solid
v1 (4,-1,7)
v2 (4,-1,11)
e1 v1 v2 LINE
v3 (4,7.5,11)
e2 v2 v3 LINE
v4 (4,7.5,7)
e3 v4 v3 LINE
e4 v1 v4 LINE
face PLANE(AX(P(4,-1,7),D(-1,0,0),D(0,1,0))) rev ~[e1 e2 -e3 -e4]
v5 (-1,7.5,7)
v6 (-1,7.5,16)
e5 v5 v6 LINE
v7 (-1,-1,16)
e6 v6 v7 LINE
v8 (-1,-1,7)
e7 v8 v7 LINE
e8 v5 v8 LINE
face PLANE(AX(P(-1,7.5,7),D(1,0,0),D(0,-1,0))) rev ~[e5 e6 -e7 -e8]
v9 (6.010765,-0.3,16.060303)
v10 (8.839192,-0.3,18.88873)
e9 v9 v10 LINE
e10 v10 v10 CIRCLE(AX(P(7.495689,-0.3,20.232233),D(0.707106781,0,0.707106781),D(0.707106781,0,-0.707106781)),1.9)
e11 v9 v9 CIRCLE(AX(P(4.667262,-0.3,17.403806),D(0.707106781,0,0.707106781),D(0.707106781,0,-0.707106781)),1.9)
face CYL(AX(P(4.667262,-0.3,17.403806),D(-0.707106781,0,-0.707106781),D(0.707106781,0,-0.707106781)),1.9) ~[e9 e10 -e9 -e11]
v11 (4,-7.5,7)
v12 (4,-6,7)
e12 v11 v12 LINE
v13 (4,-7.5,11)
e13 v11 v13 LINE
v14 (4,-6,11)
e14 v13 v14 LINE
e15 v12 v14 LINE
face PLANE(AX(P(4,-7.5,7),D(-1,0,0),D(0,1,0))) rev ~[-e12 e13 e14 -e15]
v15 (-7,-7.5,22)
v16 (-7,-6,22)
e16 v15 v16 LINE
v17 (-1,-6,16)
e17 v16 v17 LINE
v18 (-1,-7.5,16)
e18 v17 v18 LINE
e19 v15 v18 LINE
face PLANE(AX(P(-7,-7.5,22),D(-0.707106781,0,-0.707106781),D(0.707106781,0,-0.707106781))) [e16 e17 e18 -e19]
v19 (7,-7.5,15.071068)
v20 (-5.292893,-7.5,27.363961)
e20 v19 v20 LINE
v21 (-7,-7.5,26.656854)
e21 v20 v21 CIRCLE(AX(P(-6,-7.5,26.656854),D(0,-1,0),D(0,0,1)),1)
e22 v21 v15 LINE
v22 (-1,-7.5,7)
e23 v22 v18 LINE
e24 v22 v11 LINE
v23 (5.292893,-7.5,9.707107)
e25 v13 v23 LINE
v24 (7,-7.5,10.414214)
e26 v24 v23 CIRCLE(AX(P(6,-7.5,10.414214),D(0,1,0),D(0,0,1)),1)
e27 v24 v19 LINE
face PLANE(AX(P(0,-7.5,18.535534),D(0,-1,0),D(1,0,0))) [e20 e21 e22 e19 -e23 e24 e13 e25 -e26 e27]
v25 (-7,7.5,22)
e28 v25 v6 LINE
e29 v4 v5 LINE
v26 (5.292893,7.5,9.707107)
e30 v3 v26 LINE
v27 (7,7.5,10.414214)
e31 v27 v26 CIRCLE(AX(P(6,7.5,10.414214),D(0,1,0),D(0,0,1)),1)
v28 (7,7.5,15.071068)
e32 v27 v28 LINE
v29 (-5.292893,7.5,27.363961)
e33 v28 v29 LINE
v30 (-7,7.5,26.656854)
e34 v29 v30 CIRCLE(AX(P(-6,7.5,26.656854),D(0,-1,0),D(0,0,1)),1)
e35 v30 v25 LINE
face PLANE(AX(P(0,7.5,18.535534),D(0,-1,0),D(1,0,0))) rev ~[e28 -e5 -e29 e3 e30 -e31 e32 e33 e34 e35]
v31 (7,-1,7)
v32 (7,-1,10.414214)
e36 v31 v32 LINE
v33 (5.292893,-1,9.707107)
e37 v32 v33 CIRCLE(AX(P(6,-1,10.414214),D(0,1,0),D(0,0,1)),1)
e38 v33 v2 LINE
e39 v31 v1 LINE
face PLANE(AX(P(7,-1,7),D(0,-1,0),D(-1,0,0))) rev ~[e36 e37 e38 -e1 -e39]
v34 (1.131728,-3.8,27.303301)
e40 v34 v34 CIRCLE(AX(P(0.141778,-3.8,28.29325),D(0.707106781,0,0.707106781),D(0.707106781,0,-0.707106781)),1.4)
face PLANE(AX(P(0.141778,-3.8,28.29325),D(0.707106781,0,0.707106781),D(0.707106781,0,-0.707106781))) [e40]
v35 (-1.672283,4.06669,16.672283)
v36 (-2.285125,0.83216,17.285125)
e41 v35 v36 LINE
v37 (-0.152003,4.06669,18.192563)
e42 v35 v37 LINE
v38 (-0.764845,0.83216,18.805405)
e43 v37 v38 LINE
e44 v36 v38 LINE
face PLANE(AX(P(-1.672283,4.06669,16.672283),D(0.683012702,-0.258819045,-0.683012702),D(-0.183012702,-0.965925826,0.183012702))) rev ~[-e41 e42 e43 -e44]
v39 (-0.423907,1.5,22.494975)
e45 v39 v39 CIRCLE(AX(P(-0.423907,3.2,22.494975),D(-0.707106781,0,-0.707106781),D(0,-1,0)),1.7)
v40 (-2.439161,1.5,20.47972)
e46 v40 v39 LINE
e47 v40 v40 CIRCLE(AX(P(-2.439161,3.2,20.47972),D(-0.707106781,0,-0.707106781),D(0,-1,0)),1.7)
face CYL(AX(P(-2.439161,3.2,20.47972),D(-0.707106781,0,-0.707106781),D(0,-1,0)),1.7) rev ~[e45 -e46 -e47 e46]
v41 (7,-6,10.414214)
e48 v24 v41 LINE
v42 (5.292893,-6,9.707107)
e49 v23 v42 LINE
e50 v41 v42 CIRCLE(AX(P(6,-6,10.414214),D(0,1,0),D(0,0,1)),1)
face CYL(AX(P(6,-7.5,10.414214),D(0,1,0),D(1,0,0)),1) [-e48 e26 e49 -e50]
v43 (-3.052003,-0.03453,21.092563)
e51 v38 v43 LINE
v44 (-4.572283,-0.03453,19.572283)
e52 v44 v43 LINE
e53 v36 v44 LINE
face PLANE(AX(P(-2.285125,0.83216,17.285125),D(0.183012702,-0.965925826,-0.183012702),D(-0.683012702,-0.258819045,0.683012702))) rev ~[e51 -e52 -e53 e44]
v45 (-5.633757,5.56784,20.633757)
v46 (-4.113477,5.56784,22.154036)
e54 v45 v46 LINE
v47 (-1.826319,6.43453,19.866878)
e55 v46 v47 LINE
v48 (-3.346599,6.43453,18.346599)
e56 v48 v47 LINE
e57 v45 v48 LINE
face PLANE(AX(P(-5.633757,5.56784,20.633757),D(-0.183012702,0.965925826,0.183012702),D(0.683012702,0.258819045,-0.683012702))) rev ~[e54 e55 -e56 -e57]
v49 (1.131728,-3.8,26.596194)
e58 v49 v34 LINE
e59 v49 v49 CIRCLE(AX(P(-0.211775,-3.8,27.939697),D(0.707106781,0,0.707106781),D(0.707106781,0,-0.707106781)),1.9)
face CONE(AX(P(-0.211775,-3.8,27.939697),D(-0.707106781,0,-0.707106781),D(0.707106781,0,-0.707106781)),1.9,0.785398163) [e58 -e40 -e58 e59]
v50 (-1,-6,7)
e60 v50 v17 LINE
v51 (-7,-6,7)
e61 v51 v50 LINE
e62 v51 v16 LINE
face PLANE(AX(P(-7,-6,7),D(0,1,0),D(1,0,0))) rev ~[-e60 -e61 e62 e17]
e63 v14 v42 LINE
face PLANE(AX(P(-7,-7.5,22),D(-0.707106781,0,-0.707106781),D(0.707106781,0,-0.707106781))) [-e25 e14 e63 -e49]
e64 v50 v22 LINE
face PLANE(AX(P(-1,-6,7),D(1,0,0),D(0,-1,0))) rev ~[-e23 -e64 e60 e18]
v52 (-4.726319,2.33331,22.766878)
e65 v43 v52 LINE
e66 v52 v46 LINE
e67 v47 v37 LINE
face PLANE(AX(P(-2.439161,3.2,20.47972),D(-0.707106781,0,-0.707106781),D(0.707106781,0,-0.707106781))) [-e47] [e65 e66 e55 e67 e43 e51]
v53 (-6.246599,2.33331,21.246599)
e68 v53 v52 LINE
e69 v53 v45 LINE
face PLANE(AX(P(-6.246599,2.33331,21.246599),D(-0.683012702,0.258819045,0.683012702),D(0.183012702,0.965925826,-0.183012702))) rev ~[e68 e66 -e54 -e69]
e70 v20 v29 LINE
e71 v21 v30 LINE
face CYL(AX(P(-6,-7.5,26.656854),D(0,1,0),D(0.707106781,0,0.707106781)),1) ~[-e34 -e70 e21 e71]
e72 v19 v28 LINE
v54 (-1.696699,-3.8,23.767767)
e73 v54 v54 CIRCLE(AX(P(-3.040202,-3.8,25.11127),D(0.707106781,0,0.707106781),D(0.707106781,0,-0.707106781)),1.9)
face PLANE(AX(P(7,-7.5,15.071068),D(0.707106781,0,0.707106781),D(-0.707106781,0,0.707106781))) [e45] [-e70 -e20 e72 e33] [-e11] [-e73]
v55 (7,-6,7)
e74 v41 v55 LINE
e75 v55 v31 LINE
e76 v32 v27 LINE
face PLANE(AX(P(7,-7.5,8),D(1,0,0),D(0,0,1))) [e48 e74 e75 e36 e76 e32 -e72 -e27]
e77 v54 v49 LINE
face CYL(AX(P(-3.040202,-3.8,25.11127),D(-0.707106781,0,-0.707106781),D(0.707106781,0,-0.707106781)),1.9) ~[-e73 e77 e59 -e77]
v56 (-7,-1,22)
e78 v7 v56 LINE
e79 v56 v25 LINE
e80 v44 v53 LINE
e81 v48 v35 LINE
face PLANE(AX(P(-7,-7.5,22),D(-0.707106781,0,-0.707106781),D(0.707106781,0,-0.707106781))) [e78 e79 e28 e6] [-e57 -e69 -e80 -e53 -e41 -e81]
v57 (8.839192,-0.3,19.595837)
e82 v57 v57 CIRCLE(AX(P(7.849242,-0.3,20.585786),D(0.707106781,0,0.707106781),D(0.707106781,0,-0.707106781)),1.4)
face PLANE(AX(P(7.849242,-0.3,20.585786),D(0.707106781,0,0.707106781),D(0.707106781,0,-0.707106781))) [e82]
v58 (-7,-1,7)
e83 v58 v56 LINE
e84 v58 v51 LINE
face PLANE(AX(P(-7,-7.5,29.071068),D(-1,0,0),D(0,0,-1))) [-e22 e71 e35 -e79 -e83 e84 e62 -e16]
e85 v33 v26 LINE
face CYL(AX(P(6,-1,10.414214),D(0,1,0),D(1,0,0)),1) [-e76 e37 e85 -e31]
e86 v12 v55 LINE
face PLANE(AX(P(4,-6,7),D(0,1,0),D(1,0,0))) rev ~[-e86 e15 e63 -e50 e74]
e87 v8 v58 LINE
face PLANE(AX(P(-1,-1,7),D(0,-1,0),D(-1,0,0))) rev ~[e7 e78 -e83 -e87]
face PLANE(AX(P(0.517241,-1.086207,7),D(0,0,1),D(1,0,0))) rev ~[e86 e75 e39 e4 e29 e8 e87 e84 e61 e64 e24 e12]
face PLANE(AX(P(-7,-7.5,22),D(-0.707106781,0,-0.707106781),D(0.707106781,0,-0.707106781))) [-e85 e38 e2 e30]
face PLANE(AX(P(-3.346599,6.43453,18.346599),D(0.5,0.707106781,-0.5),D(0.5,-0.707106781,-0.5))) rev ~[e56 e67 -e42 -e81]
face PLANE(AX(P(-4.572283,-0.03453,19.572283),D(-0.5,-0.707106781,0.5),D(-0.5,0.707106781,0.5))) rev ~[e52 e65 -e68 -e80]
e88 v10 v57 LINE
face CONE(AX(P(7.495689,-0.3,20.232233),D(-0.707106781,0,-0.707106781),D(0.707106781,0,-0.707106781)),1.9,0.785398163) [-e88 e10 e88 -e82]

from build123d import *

# Parameters (mm, degrees)
PAD001_START         = 10
PAD001_DEPTH         = 15
POCKET004_DEPTH      = 7.501
POCKET004_DEPTH_BACK = 7.501
PAD002_DEPTH         = 15
POCKET005_DEPTH      = 2.15
SKETCH011_R          = 1.7
HOLE001_DEPTH        = 12.7504949366
SKETCH012_R          = 1.9
PAD003_DEPTH         = 4.5
CHAMFER_SIZE         = 0.5
FILLET001_R          = 1


with BuildPart() as part:
    # Sketch007 → Pad001 (new body)
    with BuildSketch(Plane.XY.offset(PAD001_START)):
        Polygon((-7, -6), (-1, -6), (-1, -7.5), (4, -7.5), (4, -6), (7, -6), (7, -1), (4, -1), (4, 7.5), (-1, 7.5), (-1, -1), (-7, -1), align=None)
    extrude(amount=PAD001_DEPTH)

    # Sketch008 → Pocket004 (cut, two sides)
    with BuildSketch(Plane.XZ) as pocket004_sk:
        Polygon((-7, 25), (7, 11), (7, 25), align=None)
    extrude(amount=-POCKET004_DEPTH, mode=Mode.SUBTRACT)
    extrude(pocket004_sk.sketch, amount=POCKET004_DEPTH_BACK, mode=Mode.SUBTRACT)

    # Sketch009 (on Face8 of Pocket004) → Pad002 (join)
    with BuildSketch(Plane.XZ.offset(7.5)):
        Polygon((-7, 25), (7, 11), (7, 18.0710678119), (-7, 32.0710678119), align=None)
    extrude(amount=-PAD002_DEPTH)

    # Sketch010 (on Face12 of Pad002) → Pocket005 (cut)
    with BuildSketch(Plane(origin=(9, 0, 9), x_dir=(0.7071067812, 0, -0.7071067812), z_dir=(-0.7071067812, 0, -0.7071067812))):
        Polygon((-21.5619467058, -2.3333103769), (-20.6952570827, -5.5678400847), (-17.4607273749, -6.4345297078), (-15.0928872902, -4.0666896231), (-15.9595769133, -0.8321599153), (-19.1941066211, 0.0345297078), align=None)
    extrude(amount=-POCKET005_DEPTH, mode=Mode.SUBTRACT)

    # Sketch011 (on Face29 of Pocket005) → Hole001 (cut, through all)
    with BuildSketch(Plane(origin=(10.5202795796, 0, 10.5202795796), x_dir=(0, -1, 0), z_dir=(-0.7071067812, 0, -0.7071067812))):
        with Locations((-3.2, 18.327416998)):
            Circle(SKETCH011_R)
    extrude(amount=-HOLE001_DEPTH, mode=Mode.SUBTRACT)

    # Sketch012 (on Face9 of Hole001) → Pad003 (join)
    with BuildSketch(Plane(origin=(12.5355339059, 0, 12.5355339059), x_dir=(0.7071067812, 0, -0.7071067812), z_dir=(0.7071067812, 0, 0.7071067812))):
        with Locations((-22.027416998, -3.8)):
            Circle(SKETCH012_R)
        with Locations((-11.127416998, -0.3)):
            Circle(SKETCH012_R)
    extrude(amount=PAD003_DEPTH)

    # Chamfer
    chamfer_edges = [part.edges().sort_by_distance(p)[0] for p in [
        (-1.201724, -3.8, 32.636753),
        (6.50574, -0.3, 24.929289),
    ]]
    chamfer(chamfer_edges, length=CHAMFER_SIZE)

    # Fillet001
    fillet001_edges = [part.edges().sort_by_distance(p)[0] for p in [
        (-7, 0, 32.071068),
        (7, 3.25, 11),
        (7, -6.75, 11),
    ]]
    fillet(fillet001_edges, radius=FILLET001_R)


with BuildPart() as part_1:
    # Body001 placement: moved
    add(part.part.moved(Location((0, 0, -3))))


solid = part_1.part
